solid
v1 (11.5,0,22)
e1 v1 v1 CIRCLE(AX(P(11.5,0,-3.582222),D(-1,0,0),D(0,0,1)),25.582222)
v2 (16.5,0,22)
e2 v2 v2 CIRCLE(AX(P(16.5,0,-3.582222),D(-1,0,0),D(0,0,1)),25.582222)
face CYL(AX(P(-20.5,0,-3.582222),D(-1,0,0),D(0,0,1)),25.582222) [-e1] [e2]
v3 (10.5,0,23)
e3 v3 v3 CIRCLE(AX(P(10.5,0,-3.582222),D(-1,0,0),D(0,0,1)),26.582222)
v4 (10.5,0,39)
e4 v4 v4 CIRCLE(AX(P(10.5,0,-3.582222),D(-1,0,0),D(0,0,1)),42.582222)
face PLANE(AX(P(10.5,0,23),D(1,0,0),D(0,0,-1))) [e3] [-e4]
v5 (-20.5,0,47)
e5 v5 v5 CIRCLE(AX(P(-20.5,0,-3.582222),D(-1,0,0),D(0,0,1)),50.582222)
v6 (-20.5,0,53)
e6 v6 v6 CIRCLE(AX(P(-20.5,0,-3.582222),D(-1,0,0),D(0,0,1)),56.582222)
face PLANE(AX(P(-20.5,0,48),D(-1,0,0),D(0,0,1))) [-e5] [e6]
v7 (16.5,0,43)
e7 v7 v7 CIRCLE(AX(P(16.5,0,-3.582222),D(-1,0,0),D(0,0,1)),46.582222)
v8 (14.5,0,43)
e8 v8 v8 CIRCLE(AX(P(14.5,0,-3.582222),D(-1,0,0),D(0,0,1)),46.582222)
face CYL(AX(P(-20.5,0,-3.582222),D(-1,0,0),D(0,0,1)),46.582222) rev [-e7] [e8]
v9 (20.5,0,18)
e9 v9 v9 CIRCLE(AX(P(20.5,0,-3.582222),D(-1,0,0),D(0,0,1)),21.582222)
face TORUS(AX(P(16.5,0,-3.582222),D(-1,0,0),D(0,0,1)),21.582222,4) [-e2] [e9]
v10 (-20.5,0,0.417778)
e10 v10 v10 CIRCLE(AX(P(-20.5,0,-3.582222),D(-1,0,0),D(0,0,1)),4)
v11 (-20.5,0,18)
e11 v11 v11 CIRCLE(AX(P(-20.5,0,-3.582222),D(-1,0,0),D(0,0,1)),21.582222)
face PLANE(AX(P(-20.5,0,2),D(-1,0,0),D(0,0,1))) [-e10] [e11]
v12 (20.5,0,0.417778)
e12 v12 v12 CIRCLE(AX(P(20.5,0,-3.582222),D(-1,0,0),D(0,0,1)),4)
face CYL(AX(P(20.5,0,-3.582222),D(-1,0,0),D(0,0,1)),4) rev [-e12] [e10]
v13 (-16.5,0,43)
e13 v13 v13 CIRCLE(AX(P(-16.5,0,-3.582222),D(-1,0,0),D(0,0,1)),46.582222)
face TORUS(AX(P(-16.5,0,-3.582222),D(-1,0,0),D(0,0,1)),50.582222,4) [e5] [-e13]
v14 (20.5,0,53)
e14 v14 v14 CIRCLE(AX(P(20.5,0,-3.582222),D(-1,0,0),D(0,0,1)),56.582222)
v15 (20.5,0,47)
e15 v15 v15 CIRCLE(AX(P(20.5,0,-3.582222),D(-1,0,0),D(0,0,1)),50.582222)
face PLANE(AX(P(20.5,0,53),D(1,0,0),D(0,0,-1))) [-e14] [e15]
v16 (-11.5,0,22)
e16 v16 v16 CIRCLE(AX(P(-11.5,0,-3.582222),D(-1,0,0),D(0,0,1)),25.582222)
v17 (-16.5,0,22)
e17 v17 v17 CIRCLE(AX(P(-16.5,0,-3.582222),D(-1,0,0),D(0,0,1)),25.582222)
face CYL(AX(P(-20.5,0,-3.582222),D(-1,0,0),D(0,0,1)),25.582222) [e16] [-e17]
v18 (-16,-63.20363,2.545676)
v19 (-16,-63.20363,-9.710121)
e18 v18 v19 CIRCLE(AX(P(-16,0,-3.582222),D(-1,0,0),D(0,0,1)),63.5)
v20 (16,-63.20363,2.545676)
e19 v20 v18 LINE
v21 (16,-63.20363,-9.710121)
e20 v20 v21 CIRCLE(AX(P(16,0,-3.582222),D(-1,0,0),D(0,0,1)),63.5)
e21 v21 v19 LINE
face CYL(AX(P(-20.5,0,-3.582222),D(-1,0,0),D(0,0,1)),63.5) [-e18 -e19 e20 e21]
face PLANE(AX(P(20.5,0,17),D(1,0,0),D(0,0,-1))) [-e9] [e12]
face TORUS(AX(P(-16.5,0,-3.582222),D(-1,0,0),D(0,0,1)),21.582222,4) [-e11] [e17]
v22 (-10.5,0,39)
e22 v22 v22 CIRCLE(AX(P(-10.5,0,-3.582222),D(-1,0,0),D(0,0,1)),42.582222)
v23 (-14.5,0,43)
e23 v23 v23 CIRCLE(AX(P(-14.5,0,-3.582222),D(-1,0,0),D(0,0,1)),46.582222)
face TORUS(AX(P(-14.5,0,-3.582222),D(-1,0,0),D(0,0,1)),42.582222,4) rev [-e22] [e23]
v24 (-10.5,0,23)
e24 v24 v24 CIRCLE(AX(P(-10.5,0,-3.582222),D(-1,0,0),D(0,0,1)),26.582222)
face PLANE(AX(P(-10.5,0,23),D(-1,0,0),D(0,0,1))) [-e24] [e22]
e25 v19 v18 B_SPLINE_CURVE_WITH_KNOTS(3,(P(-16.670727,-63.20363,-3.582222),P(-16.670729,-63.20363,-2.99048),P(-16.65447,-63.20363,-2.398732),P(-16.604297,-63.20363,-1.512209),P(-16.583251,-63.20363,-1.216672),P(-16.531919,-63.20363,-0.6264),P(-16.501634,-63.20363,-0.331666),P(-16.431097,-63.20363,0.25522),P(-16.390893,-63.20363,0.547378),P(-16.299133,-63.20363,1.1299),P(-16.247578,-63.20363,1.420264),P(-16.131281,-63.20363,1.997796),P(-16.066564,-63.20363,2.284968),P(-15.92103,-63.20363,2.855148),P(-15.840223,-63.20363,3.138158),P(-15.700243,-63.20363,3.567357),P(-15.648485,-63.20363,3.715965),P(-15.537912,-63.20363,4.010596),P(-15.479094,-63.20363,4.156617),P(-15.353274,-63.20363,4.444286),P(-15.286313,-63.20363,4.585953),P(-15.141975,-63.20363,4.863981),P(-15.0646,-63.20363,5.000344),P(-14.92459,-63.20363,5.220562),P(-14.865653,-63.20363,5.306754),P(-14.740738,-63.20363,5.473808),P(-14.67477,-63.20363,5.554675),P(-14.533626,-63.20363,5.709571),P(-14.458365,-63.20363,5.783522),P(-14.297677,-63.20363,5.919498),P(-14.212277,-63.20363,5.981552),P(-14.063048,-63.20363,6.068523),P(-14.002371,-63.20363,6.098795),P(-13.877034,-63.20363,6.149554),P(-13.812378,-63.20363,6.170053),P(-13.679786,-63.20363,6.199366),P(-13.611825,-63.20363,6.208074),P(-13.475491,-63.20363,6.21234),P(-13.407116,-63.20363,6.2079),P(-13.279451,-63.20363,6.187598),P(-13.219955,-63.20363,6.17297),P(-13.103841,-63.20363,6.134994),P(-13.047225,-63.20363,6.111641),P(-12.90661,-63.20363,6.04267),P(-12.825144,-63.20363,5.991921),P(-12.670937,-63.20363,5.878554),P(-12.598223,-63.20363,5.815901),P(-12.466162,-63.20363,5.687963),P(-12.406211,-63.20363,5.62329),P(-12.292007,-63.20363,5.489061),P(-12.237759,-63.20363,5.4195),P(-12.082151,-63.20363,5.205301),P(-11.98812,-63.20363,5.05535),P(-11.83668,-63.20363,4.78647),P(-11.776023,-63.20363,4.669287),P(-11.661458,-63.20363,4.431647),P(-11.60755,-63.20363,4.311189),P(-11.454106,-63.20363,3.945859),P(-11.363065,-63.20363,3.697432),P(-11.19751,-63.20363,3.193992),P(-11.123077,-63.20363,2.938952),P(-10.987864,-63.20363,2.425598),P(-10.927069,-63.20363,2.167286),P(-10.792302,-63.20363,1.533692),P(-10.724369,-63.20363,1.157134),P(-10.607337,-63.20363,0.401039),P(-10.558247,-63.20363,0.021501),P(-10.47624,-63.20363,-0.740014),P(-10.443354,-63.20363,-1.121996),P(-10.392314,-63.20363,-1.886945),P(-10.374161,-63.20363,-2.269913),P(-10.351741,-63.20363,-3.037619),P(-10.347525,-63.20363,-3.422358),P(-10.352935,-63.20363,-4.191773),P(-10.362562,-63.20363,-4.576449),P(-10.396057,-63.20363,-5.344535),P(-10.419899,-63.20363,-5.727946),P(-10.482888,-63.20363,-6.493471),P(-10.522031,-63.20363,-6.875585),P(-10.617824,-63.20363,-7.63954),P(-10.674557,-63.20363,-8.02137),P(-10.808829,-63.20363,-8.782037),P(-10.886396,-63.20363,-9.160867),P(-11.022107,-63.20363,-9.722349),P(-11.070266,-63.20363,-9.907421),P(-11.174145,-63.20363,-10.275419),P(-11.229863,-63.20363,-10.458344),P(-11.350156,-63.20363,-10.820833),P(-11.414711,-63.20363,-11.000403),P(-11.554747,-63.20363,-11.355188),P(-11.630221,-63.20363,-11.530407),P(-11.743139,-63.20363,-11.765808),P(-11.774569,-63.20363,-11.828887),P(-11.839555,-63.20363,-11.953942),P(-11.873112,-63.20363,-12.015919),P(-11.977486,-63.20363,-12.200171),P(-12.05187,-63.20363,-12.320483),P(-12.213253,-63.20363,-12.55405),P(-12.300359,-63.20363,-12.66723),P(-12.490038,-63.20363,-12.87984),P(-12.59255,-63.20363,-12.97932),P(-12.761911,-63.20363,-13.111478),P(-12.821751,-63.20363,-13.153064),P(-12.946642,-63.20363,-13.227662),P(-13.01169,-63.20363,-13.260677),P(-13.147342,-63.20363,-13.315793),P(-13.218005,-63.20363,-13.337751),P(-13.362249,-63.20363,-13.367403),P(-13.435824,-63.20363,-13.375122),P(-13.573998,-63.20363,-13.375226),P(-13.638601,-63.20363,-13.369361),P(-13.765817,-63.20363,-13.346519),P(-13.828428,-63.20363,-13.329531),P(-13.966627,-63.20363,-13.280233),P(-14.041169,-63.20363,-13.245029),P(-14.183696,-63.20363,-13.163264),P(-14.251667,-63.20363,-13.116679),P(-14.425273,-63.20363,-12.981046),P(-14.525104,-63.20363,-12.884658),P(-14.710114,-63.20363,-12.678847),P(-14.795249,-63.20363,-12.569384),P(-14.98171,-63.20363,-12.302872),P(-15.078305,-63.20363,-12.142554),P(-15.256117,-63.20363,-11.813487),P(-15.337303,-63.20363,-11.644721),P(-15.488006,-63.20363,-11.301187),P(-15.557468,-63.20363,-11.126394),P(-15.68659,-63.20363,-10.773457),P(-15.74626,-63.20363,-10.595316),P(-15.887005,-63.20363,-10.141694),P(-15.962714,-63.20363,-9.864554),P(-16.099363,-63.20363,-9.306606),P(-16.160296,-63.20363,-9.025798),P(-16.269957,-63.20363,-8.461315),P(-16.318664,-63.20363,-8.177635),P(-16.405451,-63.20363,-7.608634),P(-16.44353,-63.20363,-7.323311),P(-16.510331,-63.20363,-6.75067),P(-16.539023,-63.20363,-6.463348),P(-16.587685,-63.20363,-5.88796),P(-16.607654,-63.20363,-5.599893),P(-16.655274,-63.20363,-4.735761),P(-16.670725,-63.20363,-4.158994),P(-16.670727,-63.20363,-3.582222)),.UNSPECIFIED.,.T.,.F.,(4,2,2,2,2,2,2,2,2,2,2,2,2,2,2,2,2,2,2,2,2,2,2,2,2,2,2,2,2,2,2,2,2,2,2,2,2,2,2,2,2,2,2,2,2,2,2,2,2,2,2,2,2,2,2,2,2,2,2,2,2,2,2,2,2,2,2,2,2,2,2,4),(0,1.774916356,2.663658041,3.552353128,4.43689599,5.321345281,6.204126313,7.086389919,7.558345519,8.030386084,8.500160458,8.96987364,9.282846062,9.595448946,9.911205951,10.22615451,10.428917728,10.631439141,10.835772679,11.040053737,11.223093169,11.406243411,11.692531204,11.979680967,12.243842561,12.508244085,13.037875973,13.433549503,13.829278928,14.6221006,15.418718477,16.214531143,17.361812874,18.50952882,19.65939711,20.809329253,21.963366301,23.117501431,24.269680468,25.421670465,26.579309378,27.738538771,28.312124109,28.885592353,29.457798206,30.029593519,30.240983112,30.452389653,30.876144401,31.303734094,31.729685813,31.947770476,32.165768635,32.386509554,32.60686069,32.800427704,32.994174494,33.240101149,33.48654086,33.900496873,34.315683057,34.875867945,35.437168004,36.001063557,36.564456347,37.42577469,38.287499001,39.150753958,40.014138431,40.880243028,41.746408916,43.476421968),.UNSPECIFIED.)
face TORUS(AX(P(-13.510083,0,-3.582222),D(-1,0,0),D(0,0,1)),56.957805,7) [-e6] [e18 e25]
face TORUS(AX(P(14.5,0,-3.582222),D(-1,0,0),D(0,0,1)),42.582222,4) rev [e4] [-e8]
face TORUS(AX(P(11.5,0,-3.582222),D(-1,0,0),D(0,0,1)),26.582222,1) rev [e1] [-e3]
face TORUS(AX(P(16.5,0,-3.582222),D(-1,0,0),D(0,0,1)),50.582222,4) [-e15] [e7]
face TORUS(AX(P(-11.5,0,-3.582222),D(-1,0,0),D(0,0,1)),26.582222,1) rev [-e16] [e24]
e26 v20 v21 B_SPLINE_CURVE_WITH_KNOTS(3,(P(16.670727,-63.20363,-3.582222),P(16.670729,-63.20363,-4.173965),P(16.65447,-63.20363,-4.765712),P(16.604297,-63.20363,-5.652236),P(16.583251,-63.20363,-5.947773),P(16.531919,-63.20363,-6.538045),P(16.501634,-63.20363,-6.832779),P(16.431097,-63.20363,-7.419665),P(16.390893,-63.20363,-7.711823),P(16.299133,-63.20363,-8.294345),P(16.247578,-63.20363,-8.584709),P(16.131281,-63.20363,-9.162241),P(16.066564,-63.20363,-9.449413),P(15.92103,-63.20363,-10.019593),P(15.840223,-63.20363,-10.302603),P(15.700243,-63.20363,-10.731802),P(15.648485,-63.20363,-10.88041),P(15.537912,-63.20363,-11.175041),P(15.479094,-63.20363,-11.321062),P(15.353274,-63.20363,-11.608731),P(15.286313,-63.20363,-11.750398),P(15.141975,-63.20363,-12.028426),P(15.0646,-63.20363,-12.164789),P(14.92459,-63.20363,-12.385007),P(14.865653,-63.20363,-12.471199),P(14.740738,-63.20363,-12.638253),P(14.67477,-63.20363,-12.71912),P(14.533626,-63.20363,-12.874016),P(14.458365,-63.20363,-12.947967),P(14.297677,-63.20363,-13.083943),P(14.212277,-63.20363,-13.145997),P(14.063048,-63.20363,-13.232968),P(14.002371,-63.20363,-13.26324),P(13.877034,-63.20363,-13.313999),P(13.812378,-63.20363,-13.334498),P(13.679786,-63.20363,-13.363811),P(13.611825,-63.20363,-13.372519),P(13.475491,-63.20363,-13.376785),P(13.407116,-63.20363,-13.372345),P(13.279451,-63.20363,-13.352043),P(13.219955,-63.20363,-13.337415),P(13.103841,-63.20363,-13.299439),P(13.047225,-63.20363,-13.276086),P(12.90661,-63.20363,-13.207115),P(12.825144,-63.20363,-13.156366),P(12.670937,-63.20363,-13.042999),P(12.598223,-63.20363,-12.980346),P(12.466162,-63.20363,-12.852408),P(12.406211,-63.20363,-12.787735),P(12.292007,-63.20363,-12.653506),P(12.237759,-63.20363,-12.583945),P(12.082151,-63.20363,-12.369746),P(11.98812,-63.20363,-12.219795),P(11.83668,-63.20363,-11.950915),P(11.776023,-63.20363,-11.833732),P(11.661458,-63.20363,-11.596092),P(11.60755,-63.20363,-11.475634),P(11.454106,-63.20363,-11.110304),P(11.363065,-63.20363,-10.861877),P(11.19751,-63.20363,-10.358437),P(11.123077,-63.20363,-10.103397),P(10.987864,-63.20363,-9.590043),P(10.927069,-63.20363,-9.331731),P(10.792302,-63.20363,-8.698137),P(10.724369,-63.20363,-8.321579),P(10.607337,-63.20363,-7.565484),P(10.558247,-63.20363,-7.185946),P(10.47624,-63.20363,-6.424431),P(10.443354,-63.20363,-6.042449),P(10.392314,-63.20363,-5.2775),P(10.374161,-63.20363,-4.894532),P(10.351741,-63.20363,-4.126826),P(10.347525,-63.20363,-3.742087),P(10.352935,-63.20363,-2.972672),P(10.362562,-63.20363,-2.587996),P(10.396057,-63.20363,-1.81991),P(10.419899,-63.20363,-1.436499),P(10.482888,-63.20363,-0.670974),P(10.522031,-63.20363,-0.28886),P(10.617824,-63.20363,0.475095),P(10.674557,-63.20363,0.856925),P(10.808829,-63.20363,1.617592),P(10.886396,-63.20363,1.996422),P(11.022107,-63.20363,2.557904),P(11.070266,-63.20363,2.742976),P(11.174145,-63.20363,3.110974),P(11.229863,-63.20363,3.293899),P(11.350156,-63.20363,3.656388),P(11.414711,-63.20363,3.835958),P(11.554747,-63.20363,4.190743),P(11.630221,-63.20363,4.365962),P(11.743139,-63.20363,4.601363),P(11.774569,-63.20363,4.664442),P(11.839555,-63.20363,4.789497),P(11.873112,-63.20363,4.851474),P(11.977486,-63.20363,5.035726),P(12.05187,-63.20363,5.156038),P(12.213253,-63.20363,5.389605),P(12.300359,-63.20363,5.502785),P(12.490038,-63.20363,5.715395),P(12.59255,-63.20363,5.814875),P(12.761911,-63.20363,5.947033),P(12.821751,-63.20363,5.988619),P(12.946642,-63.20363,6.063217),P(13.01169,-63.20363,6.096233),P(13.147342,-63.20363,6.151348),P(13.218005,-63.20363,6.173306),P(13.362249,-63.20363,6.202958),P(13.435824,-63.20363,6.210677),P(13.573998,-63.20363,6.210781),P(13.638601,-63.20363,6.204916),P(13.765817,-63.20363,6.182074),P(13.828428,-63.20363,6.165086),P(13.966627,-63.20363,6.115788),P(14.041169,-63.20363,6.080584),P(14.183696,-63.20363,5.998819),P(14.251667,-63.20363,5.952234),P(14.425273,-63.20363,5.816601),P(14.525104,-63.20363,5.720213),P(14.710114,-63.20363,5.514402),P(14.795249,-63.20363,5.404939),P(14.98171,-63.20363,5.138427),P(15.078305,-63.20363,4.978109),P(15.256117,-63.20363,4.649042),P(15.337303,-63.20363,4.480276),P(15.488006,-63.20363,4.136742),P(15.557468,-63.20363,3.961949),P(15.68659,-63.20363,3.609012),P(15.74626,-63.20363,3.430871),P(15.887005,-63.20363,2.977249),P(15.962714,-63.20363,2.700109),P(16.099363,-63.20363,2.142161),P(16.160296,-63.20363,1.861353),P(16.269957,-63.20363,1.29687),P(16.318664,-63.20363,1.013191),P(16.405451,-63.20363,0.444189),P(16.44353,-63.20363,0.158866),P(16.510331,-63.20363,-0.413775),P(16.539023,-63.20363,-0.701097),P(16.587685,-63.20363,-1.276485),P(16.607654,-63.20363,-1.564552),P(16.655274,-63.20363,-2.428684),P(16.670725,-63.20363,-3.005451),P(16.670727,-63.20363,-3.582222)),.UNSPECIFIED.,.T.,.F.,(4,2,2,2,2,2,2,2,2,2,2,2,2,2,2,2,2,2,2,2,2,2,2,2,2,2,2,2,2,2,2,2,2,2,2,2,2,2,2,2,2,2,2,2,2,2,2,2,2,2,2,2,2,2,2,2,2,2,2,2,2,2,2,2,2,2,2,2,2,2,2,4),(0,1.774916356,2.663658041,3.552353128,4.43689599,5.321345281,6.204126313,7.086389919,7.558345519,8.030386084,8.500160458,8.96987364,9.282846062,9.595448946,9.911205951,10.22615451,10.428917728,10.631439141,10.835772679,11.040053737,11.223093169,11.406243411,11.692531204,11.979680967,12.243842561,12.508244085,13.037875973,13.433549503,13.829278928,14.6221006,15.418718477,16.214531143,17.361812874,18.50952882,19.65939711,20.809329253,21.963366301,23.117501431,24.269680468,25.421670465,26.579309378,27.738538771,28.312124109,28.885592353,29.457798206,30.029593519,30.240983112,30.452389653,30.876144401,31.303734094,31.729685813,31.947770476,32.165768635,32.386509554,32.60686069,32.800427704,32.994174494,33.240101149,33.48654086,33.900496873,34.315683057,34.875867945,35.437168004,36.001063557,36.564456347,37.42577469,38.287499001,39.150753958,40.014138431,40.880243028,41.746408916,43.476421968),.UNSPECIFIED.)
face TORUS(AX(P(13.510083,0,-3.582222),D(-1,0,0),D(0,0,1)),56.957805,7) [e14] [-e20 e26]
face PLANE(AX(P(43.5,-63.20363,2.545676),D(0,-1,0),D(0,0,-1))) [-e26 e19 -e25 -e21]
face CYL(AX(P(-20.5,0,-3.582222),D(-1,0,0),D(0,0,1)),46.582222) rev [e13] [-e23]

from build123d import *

# Parameters (mm, degrees)
SALIENTE_EXTRUIR1_START = -41
CROQUIS4_R              = 5.582222484
CROQUIS4_R_2            = 4
SALIENTE_EXTRUIR1_DEPTH = 41
CROQUIS5_W              = 12.255797116
CROQUIS5_H              = 0.592739778
CORTAR_EXTRUIR1_DEPTH   = 43.5


with BuildPart() as part:
    # Croquis3 → Revolución1 (revolve)
    with BuildSketch(Plane(origin=(0, 0, 0), x_dir=(1, 0, 0), z_dir=(0, 1, 0))):
        with BuildLine():
            Line((-20.5, -2), (20.5, -2))
            Line((20.5, -2), (20.5, -17))
            Line((20.5, -17), (20.5, -18))
            ThreePointArc((20.5, -18), (19.328427125, -20.828427125), (16.5, -22))
            Line((16.5, -22), (11.5, -22))
            ThreePointArc((11.5, -22), (10.792893219, -22.292893219), (10.5, -23))
            Line((10.5, -23), (10.5, -39))
            ThreePointArc((10.5, -39), (11.671572875, -41.828427125), (14.5, -43))
            Line((14.5, -43), (16.5, -43))
            ThreePointArc((16.5, -43), (19.328427125, -44.171572875), (20.5, -47))
            Line((20.5, -47), (20.5, -48))
            Line((20.5, -48), (20.5, -53))
            ThreePointArc((20.5, -53), (19.377853013, -57.192554816), (16, -59.917777516))
            Line((16, -59.917777516), (-16, -59.917777516))
            ThreePointArc((-16, -59.917777516), (-19.377853013, -57.192554816), (-20.5, -53))
            Line((-20.5, -53), (-20.5, -48))
            Line((-20.5, -48), (-20.5, -47))
            ThreePointArc((-20.5, -47), (-19.328427125, -44.171572875), (-16.5, -43))
            Line((-16.5, -43), (-14.5, -43))
            ThreePointArc((-14.5, -43), (-11.671572875, -41.828427125), (-10.5, -39))
            Line((-10.5, -39), (-10.5, -23))
            ThreePointArc((-10.5, -23), (-10.792893219, -22.292893219), (-11.5, -22))
            Line((-11.5, -22), (-16.5, -22))
            ThreePointArc((-16.5, -22), (-19.328427125, -20.828427125), (-20.5, -18))
            Line((-20.5, -18), (-20.5, -17))
            Line((-20.5, -17), (-20.5, -2))
        make_face()
    revolve(axis=Axis((-20.5, 0, -3.582222484), (1, 0, 0)))

    # Croquis4 → Saliente-Extruir1 (add)
    with BuildSketch(Plane.ZY.offset(20.5).offset(SALIENTE_EXTRUIR1_START)):
        with Locations((-3.582222484, 0)):
            Circle(CROQUIS4_R)
        with Locations((-3.582222484, 0)):
            Circle(CROQUIS4_R_2, mode=Mode.SUBTRACT)
    extrude(amount=SALIENTE_EXTRUIR1_DEPTH)

    # Croquis5 → Cortar-Extruir1 (cut, symmetric)
    with BuildSketch(Plane(origin=(0, 0, 0), x_dir=(0, 0, -1), z_dir=(1, 0, 0))):
        with Locations((3.582222484, -63.5)):
            Rectangle(CROQUIS5_W, CROQUIS5_H)
    extrude(amount=CORTAR_EXTRUIR1_DEPTH, both=True, mode=Mode.SUBTRACT)


solid = part.part
